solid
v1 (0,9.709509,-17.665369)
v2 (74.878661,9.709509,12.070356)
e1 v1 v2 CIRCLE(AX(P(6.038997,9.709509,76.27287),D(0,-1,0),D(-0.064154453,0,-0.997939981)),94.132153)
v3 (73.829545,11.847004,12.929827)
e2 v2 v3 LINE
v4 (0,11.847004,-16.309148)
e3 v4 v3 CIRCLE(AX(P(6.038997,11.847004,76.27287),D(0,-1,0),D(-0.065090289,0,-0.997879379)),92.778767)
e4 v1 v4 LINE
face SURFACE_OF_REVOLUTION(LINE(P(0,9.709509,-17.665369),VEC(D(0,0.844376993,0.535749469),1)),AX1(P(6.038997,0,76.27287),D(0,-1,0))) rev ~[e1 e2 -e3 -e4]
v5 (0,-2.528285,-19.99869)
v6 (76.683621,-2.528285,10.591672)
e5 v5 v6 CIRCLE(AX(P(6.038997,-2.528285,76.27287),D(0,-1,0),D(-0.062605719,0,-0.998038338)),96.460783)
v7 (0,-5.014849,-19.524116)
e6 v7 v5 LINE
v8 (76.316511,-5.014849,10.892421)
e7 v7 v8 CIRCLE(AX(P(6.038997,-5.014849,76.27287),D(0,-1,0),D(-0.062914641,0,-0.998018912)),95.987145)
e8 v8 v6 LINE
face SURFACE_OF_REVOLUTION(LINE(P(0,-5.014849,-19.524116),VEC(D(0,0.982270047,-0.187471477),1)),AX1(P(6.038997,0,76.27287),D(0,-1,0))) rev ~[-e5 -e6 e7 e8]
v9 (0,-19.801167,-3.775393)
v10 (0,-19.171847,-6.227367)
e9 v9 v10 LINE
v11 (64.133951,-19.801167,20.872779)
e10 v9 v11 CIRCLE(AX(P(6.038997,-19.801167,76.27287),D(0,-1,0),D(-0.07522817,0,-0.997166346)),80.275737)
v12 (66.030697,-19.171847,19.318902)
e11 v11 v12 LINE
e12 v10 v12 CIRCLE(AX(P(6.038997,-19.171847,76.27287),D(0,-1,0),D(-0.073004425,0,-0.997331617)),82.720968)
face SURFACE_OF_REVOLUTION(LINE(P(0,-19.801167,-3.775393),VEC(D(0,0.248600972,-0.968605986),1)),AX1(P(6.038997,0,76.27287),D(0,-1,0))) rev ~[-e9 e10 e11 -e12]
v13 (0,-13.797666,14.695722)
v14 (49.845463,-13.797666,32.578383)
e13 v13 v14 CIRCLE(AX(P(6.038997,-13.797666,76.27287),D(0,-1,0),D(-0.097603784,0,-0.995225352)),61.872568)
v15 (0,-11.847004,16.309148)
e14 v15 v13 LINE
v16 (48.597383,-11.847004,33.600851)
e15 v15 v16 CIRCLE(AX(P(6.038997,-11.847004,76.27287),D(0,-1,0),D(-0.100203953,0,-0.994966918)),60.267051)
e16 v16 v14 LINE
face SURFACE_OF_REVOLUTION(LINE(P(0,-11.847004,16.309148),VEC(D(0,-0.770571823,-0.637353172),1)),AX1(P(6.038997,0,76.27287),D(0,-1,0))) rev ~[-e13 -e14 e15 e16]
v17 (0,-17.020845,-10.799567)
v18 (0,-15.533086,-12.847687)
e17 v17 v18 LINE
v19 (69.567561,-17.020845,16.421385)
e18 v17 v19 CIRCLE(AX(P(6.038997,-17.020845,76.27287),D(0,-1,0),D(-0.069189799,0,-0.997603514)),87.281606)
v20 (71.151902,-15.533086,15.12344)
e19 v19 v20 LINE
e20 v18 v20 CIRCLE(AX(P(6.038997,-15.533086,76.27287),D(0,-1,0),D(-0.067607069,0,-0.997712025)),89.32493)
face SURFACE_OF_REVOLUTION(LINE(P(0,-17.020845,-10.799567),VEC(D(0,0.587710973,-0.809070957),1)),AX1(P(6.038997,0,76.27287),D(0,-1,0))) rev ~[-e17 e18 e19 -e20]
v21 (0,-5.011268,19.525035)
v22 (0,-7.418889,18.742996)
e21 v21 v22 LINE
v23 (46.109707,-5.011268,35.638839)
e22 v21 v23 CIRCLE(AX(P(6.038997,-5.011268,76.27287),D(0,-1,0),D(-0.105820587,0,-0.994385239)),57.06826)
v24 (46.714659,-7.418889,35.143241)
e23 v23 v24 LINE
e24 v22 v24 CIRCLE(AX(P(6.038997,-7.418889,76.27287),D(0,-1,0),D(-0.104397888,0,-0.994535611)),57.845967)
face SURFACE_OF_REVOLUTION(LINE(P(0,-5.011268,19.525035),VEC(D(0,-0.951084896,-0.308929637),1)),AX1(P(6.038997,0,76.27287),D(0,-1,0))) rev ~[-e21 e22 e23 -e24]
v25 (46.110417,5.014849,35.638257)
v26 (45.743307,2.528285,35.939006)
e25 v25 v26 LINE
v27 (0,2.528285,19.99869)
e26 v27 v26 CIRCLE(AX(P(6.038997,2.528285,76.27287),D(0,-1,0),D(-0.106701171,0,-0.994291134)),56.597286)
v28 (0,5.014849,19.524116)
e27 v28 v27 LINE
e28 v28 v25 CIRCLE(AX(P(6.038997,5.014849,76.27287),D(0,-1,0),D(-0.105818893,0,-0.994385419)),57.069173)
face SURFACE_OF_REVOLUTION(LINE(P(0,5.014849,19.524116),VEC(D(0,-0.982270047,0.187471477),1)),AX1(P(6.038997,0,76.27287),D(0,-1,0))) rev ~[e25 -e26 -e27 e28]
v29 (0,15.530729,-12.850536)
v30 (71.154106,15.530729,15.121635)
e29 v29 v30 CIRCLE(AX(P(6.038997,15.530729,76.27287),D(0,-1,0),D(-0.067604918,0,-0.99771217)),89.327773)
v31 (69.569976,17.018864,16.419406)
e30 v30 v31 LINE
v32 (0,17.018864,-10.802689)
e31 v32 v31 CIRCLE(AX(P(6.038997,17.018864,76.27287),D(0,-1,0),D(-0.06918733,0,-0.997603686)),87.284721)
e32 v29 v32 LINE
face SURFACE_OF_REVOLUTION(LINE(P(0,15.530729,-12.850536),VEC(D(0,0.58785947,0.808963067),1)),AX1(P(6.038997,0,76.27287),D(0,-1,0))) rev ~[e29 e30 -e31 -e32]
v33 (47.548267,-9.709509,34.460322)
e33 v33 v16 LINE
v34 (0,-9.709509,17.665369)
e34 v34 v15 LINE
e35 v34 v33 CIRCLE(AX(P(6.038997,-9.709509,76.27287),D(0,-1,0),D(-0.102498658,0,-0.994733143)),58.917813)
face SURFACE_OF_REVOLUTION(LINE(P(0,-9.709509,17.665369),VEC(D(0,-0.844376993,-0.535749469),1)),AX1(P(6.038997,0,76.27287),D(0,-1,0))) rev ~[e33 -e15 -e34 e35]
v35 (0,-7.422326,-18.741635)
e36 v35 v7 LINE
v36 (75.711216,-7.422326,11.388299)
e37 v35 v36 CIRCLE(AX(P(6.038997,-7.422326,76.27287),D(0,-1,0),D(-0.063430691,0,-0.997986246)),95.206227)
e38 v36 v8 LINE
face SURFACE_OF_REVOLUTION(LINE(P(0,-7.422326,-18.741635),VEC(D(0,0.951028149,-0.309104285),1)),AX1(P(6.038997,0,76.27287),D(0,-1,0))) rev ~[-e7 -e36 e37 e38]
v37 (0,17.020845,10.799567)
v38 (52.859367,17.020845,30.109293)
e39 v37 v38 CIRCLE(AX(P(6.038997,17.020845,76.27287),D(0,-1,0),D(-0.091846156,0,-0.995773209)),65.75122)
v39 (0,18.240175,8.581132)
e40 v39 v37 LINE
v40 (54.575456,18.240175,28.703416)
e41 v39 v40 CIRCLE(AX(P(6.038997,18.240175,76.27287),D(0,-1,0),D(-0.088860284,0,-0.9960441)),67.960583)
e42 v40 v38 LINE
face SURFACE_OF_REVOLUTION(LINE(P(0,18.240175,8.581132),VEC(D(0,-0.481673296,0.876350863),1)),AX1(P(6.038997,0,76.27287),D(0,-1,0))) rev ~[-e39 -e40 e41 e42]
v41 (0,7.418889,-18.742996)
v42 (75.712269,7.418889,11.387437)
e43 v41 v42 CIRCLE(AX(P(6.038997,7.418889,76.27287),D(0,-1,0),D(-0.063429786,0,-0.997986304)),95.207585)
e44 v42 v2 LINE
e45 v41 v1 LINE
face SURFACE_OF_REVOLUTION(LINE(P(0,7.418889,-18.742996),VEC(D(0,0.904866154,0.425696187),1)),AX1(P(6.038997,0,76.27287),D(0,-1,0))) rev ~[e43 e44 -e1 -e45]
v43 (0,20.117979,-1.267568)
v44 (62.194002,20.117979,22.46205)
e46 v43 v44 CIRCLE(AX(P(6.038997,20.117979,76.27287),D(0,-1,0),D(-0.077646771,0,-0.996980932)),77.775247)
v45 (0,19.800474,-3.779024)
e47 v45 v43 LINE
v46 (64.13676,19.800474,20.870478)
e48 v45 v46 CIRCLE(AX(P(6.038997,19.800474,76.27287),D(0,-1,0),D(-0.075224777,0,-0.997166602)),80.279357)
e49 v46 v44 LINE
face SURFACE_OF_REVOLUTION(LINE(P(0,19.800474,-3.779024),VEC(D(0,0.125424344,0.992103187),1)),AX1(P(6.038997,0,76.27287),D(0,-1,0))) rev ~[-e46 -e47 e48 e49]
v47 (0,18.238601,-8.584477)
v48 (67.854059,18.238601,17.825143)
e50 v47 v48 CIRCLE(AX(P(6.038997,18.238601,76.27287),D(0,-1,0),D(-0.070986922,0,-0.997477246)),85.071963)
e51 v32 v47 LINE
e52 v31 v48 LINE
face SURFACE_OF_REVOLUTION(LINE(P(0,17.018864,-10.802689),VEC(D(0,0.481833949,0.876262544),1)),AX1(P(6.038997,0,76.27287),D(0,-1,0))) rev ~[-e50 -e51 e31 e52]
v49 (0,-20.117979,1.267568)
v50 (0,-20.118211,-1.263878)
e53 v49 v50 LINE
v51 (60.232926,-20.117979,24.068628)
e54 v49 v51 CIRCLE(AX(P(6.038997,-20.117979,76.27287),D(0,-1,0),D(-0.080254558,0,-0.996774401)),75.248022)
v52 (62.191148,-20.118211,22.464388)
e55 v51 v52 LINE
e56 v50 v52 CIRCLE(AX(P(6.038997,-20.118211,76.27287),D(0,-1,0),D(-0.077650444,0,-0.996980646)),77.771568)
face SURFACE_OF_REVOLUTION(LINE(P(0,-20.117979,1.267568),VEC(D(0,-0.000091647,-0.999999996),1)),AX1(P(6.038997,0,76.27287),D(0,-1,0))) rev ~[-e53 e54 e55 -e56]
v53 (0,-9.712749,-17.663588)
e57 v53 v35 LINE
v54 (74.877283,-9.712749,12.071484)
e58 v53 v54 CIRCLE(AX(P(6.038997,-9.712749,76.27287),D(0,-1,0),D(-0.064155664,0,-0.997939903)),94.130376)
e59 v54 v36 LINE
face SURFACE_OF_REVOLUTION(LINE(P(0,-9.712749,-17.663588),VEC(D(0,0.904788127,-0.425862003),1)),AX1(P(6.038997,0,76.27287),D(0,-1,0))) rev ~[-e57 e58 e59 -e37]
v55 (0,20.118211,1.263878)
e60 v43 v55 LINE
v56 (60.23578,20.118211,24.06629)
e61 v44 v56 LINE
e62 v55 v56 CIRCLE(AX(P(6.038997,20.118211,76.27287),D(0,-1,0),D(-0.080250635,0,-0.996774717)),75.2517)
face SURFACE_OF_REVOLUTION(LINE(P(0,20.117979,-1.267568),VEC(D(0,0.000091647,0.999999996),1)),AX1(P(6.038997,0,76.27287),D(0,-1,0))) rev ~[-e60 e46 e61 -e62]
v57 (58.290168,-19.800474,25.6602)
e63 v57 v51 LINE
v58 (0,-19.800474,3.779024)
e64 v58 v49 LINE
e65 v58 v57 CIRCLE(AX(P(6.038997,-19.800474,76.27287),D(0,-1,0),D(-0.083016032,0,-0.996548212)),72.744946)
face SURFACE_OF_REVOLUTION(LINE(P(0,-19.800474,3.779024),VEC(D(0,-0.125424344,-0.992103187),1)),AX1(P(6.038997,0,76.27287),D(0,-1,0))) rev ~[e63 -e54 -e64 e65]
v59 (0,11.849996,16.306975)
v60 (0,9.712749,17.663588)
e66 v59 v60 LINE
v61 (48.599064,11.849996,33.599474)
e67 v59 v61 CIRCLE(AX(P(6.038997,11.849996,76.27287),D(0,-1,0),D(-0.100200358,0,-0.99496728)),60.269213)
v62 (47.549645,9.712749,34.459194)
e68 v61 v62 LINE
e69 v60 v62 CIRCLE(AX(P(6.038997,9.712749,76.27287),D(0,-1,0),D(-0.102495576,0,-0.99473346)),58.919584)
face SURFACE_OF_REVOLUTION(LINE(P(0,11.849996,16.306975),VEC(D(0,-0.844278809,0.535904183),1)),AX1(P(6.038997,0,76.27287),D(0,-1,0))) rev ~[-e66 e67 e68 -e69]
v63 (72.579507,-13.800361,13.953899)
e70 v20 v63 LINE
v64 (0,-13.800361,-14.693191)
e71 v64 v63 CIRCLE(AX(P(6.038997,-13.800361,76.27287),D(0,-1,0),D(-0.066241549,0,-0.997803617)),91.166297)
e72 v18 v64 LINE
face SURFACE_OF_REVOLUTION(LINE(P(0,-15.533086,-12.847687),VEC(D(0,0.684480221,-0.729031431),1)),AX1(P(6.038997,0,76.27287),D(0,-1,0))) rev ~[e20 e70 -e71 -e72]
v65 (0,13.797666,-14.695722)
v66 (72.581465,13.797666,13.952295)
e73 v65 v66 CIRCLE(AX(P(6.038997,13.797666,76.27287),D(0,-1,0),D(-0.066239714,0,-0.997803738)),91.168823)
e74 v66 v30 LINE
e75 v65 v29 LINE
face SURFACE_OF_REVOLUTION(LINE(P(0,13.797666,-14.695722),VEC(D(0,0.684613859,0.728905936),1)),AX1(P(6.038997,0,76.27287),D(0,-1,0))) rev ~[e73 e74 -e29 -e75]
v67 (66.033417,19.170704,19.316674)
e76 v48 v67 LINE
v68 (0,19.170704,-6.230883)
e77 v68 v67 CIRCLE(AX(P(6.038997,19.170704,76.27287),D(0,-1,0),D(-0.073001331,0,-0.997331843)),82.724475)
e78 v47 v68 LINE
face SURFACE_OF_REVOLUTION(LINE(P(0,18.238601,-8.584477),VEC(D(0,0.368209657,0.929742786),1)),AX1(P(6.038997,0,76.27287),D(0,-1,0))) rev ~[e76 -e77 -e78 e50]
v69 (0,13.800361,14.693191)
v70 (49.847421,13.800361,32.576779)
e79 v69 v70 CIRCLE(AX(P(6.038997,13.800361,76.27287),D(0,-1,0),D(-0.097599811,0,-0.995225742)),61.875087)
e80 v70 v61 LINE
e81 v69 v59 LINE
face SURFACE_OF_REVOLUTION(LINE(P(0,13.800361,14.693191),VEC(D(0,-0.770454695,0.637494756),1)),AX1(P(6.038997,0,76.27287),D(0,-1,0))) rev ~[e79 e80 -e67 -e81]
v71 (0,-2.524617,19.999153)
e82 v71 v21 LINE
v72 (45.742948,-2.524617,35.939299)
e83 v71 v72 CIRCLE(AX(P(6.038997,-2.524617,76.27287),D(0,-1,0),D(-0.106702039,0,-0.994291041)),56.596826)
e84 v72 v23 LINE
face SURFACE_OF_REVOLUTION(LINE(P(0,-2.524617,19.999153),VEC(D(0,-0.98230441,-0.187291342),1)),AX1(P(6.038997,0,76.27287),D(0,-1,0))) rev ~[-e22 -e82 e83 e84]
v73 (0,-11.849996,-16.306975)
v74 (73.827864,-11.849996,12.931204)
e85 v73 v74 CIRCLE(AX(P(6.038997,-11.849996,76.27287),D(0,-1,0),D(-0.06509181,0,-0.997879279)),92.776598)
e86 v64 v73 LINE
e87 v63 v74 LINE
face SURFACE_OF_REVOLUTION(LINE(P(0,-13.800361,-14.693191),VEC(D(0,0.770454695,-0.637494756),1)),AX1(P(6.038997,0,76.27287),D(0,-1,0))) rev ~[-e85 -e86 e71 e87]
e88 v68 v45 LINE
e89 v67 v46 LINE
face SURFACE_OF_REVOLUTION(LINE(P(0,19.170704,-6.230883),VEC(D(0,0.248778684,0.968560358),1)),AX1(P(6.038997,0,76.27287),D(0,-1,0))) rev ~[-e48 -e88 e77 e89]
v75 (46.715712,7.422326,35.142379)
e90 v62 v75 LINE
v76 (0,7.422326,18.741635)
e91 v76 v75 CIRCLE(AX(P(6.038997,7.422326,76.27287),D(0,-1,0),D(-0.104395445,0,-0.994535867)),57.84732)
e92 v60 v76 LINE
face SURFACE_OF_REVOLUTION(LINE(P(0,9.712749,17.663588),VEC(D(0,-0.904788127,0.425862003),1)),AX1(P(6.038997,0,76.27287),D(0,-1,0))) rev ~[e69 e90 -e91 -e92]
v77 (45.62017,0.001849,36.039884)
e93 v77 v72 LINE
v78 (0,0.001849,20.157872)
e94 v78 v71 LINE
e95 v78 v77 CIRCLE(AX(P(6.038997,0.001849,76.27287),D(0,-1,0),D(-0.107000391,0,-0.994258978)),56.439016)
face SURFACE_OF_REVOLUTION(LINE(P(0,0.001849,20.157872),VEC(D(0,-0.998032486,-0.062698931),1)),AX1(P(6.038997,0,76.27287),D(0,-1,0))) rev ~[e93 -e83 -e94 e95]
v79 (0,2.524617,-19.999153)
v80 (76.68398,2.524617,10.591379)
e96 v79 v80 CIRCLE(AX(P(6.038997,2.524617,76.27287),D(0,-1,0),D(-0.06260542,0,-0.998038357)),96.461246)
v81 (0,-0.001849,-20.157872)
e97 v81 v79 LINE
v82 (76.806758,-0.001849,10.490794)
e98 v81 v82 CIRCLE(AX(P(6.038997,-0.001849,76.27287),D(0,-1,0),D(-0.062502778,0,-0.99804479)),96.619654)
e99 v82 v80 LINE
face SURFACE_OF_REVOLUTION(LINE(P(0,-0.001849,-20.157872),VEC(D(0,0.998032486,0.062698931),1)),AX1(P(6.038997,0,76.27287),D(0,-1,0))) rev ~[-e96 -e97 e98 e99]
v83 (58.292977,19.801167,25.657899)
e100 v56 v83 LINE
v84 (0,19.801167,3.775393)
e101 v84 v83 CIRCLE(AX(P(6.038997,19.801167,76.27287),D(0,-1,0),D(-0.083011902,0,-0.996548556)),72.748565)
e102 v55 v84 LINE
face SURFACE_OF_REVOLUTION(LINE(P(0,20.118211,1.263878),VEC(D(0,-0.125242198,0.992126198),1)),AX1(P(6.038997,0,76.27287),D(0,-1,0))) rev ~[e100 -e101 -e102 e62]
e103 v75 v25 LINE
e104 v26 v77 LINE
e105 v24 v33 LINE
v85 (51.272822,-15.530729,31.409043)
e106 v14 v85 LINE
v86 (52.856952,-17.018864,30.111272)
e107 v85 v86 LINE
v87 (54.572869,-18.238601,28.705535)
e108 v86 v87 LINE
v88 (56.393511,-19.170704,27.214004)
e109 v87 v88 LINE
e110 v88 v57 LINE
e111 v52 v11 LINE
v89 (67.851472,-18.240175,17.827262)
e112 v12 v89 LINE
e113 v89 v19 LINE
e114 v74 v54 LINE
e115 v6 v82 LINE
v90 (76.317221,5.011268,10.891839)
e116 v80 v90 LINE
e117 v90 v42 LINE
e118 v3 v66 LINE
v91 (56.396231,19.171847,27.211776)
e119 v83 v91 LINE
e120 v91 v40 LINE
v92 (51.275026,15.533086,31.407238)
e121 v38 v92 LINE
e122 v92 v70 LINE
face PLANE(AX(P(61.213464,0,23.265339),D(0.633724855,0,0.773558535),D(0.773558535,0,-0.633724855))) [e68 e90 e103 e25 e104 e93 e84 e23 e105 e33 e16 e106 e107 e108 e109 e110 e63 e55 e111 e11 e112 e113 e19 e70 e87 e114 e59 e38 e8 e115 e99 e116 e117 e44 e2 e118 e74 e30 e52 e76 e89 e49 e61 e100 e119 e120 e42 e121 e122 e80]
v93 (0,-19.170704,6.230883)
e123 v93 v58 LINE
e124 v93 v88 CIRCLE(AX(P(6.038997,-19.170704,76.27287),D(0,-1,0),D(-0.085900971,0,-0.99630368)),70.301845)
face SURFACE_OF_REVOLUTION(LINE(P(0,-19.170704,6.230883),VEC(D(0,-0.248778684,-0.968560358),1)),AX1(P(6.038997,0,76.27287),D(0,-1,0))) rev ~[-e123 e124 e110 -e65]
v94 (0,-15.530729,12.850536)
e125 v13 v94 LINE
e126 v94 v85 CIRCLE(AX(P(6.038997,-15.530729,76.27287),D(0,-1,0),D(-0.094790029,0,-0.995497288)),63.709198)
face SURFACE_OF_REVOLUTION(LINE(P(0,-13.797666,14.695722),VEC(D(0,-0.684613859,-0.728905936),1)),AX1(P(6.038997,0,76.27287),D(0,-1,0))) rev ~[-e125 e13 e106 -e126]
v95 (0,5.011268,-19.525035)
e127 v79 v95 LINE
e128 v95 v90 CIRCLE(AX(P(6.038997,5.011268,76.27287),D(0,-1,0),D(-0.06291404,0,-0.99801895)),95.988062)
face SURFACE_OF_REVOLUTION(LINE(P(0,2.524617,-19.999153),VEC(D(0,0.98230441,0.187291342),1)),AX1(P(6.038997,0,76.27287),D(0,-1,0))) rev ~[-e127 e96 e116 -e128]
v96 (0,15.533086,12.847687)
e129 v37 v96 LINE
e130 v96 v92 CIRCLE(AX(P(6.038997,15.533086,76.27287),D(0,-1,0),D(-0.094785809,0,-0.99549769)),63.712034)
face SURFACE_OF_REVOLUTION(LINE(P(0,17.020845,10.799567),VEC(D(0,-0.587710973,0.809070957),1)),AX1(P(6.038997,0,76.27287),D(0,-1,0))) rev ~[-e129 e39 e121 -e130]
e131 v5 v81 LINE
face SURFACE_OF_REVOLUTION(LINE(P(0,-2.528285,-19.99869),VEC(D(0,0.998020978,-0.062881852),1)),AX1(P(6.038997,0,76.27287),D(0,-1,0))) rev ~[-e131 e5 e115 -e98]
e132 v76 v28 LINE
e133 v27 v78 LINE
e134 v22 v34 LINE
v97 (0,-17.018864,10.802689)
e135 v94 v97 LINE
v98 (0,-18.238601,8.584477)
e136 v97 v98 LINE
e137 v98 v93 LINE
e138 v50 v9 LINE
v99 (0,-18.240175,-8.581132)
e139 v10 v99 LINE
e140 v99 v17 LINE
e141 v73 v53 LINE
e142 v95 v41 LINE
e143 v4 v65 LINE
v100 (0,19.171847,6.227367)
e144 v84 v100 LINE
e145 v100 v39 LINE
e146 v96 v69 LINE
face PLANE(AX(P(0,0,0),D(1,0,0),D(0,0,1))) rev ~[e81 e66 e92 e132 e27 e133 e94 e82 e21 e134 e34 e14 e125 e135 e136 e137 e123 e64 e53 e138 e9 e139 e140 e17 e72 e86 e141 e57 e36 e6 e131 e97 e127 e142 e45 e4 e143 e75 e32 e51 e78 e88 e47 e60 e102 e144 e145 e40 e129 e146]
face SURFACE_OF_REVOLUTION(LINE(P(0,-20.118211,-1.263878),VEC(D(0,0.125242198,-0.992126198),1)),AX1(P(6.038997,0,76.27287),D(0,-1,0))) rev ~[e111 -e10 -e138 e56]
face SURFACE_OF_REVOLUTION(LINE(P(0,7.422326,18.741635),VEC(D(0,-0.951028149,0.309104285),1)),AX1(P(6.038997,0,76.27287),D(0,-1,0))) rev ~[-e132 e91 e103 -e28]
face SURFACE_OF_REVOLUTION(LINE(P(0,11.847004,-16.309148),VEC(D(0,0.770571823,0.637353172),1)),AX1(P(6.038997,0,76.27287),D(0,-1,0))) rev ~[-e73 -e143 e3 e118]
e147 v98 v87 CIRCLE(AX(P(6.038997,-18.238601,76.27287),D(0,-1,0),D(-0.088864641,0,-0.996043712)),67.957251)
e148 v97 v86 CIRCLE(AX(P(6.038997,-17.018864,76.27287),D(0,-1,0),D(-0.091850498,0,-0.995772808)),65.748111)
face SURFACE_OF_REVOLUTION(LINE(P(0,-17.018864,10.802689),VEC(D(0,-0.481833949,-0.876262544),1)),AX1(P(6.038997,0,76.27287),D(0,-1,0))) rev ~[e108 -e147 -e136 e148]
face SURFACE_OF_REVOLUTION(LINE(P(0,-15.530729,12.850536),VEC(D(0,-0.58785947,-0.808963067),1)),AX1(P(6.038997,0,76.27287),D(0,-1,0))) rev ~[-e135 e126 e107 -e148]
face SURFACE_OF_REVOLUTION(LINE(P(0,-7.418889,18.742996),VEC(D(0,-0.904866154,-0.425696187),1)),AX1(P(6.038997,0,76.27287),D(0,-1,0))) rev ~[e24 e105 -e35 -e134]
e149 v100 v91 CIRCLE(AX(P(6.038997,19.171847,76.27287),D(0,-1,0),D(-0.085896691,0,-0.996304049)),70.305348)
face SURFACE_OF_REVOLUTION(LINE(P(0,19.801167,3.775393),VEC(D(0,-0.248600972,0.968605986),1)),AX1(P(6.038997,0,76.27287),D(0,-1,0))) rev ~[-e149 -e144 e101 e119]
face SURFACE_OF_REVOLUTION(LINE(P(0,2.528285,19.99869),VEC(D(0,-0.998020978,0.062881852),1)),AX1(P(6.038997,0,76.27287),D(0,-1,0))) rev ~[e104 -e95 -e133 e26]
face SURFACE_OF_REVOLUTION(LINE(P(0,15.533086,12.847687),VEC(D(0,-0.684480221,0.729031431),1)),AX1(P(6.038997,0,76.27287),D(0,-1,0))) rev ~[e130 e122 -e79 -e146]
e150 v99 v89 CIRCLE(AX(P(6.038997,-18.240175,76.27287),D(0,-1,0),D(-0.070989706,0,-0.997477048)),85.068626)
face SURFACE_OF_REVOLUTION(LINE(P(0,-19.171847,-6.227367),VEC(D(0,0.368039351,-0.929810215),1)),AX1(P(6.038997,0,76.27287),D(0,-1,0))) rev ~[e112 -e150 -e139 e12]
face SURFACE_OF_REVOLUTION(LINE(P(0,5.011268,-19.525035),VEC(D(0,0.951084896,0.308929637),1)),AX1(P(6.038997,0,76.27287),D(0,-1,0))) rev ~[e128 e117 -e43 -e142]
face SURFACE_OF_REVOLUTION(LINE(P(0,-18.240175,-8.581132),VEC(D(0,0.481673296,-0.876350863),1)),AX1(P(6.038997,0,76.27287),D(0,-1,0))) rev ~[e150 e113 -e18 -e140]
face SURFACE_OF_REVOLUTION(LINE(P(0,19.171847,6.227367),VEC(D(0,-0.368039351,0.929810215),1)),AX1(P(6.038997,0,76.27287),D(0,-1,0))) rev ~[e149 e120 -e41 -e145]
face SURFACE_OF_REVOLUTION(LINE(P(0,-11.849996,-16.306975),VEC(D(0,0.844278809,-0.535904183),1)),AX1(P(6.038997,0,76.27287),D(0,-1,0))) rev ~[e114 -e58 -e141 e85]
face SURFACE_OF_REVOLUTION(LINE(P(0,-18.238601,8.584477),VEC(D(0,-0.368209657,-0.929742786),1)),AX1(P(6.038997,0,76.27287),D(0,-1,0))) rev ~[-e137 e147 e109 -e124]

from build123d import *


with BuildPart() as f2:
    # F2: sweep along a path in F1
    with BuildLine(Plane.XZ) as f2_path:
        ThreePointArc((0, 0), (33.221576, 4.75275), (61.213464, 23.265339))
    # F0 (on Right) → F2 (sweep)
    with BuildSketch(Plane.YZ):
        Polygon((2.528285, 19.99869), (0.001849, 20.157872), (-2.524617, 19.999153), (-5.011268, 19.525035), (-7.418889, 18.742996), (-9.709509, 17.665369), (-11.847004, 16.309148), (-13.797666, 14.695722), (-15.530729, 12.850536), (-17.018864, 10.802689), (-18.238601, 8.584477), (-19.170704, 6.230883), (-19.800474, 3.779024), (-20.117979, 1.267568), (-20.118211, -1.263878), (-19.801167, -3.775393), (-19.171847, -6.227367), (-18.240175, -8.581132), (-17.020845, -10.799567), (-15.533086, -12.847687), (-13.800361, -14.693191), (-11.849996, -16.306975), (-9.712749, -17.663588), (-7.422326, -18.741635), (-5.014849, -19.524116), (-2.528285, -19.99869), (-0.001849, -20.157872), (2.524617, -19.999153), (5.011268, -19.525035), (7.418889, -18.742996), (9.709509, -17.665369), (11.847004, -16.309148), (13.797666, -14.695722), (15.530729, -12.850536), (17.018864, -10.802689), (18.238601, -8.584477), (19.170704, -6.230883), (19.800474, -3.779024), (20.117979, -1.267568), (20.118211, 1.263878), (19.801167, 3.775393), (19.171847, 6.227367), (18.240175, 8.581132), (17.020845, 10.799567), (15.533086, 12.847687), (13.800361, 14.693191), (11.849996, 16.306975), (9.712749, 17.663588), (7.422326, 18.741635), (5.014849, 19.524116), align=None)
    sweep(path=f2_path.line)


solid = f2.part
